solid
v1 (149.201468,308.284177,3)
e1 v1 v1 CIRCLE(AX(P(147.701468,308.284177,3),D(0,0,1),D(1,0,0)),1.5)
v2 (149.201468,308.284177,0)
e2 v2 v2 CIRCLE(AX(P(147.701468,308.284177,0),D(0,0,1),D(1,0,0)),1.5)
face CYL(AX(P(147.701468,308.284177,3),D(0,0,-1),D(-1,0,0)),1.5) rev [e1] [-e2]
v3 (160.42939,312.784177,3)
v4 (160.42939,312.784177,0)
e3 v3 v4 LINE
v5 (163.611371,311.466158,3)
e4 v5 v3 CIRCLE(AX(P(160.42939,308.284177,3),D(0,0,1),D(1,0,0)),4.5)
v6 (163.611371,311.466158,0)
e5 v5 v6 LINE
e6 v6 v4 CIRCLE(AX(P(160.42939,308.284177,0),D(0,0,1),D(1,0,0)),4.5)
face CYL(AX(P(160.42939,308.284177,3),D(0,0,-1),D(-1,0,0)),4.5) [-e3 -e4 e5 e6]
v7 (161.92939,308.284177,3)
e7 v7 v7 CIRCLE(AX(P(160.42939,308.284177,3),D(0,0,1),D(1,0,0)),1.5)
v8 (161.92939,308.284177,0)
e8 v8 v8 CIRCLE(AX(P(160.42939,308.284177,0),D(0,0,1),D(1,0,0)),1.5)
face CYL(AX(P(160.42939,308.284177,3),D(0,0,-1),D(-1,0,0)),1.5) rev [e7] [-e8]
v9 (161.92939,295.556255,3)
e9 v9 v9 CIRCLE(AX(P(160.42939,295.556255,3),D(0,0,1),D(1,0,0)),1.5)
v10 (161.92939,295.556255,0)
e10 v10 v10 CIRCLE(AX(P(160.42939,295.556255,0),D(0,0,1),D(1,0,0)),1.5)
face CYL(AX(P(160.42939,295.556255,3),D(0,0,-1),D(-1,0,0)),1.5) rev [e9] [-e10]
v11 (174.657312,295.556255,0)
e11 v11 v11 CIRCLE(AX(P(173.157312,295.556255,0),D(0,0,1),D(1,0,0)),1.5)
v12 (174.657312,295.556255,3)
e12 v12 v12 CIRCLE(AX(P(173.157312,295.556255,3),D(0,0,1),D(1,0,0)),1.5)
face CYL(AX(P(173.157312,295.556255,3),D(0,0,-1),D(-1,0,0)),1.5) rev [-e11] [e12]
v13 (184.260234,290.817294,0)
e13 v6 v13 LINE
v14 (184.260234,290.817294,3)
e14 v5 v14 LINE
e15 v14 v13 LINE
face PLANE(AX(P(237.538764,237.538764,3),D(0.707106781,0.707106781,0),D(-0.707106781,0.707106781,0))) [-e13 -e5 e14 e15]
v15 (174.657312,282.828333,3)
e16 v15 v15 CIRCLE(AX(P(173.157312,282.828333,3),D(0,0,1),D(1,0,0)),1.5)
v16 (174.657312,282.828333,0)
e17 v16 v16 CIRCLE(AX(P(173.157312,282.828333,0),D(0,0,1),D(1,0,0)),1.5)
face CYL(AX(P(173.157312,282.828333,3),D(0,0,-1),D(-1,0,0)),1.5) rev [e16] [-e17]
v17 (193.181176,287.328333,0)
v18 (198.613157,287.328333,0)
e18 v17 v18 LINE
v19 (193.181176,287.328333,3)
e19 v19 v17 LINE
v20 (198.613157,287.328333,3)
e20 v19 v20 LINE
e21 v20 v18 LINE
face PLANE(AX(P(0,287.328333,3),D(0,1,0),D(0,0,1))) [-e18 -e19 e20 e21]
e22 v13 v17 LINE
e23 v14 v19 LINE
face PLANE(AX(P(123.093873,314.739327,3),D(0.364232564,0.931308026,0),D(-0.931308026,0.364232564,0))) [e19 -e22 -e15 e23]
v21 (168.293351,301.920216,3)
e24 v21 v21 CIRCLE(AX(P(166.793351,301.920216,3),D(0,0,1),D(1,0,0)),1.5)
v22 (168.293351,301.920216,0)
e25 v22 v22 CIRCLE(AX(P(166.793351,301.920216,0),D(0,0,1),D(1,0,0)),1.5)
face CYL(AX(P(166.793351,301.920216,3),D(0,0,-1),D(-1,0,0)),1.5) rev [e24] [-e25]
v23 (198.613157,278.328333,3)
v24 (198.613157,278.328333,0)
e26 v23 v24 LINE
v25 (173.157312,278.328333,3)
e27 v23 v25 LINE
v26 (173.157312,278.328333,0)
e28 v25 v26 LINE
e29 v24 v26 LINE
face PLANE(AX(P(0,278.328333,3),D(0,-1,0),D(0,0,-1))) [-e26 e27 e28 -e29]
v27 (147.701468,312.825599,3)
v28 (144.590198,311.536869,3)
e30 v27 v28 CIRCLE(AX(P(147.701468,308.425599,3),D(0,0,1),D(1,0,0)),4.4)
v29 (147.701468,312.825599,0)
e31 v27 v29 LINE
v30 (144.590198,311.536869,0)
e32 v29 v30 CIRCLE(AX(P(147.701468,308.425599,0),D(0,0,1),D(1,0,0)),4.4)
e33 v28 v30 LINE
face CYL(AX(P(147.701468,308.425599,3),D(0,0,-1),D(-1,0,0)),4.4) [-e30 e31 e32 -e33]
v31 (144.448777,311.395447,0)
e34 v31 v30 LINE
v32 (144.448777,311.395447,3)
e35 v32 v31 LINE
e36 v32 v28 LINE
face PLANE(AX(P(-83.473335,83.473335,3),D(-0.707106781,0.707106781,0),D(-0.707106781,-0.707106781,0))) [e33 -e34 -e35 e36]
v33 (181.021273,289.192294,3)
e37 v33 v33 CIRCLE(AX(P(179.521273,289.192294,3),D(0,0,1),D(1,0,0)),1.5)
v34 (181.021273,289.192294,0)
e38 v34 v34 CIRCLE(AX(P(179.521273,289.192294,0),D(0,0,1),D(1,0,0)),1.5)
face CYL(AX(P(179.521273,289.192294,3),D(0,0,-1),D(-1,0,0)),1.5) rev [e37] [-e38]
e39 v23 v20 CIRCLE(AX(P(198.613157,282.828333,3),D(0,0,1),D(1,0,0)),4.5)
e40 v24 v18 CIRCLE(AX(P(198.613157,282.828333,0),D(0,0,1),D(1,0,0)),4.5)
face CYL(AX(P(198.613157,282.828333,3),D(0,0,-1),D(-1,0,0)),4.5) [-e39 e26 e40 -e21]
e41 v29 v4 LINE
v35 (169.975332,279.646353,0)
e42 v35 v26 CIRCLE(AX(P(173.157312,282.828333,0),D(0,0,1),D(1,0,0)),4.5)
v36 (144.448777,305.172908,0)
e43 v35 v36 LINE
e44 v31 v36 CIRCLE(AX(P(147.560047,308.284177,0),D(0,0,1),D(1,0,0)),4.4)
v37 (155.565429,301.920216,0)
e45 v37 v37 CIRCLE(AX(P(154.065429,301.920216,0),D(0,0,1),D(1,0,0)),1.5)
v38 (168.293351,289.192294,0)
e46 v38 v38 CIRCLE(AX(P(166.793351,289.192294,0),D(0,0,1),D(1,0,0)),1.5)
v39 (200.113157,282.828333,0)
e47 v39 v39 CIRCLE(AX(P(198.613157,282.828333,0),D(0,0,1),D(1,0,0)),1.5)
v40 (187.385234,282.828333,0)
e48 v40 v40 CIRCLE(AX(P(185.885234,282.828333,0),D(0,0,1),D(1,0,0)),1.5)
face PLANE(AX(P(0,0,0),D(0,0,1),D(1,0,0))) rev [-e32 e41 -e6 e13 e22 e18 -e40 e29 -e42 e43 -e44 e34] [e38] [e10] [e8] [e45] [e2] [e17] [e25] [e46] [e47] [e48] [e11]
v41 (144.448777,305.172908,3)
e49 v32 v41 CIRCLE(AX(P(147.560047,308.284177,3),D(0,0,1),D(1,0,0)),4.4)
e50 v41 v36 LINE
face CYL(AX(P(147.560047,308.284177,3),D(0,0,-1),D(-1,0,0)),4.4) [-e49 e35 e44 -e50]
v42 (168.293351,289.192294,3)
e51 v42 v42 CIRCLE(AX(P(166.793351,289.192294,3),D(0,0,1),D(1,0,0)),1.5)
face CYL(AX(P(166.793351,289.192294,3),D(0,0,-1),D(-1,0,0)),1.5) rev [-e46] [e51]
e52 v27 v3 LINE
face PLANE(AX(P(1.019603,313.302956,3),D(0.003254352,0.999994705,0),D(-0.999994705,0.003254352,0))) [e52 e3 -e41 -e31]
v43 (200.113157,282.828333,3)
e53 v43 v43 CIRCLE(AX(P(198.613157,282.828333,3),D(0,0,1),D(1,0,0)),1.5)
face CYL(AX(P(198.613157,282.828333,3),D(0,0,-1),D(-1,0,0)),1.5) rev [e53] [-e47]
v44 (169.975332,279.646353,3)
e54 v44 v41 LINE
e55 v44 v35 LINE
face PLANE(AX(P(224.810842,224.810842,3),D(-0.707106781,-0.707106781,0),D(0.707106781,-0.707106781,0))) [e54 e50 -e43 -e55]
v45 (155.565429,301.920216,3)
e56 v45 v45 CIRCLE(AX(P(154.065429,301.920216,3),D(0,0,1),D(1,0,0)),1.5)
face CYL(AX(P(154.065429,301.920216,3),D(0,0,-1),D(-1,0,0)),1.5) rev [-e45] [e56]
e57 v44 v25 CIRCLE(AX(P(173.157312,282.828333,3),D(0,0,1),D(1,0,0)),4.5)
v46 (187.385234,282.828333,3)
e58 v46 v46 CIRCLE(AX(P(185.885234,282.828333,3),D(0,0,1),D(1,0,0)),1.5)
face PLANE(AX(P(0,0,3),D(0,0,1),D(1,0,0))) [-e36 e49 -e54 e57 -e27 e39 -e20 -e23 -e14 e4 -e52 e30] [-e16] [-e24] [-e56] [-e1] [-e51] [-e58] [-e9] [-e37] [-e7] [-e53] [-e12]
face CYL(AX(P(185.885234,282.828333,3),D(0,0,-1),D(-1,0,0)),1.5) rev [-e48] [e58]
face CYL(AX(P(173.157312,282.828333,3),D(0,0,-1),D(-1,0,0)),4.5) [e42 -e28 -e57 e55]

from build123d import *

# Parameters (mm, degrees)
MODEL_R                 = 1.5
SALIENTE_EXTRUIR1_DEPTH = 3


with BuildPart() as part:
    # Model → Saliente-Extruir1 (new body)
    with BuildSketch(Plane.XY):
        with BuildLine():
            Line((198.613156537, 287.328333228), (193.181176022, 287.328333228))
            Line((193.181176022, 287.328333228), (184.260234476, 290.817294259))
            Line((184.260234476, 290.817294259), (163.611370869, 311.466157866))
            ThreePointArc((163.611370869, 311.466157866), (162.151465799, 312.441635247), (160.429390353, 312.784177351))
            Line((160.429390353, 312.784177351), (147.730106437, 312.825505508))
            Line((147.730106437, 312.825505508), (147.701468292, 312.825598707))
            ThreePointArc((147.701468292, 312.825598707), (146.01766119, 312.49066865), (144.590198455, 311.536868544))
            Line((144.590198455, 311.536868544), (144.448777098, 311.395447188))
            ThreePointArc((144.448777098, 311.395447188), (143.160046936, 308.284177351), (144.448777098, 305.172907513))
            Line((144.448777098, 305.172907513), (169.975331899, 279.646352713))
            ThreePointArc((169.975331899, 279.646352713), (171.435236969, 278.670875332), (173.157312415, 278.328333228))
            Line((173.157312415, 278.328333228), (198.613156537, 278.328333228))
            ThreePointArc((198.613156537, 278.328333228), (203.113156537, 282.828333228), (198.613156537, 287.328333228))
        make_face()
        with Locations((166.793351384, 289.192294259)):
            Circle(MODEL_R, mode=Mode.SUBTRACT)
        with Locations((160.429390353, 295.556255289)):
            Circle(MODEL_R, mode=Mode.SUBTRACT)
        with Locations((173.157312415, 282.828333228)):
            Circle(MODEL_R, mode=Mode.SUBTRACT)
        with Locations((185.885234476, 282.828333228)):
            Circle(MODEL_R, mode=Mode.SUBTRACT)
        with Locations((198.613156537, 282.828333228)):
            Circle(MODEL_R, mode=Mode.SUBTRACT)
        with Locations((179.521273445, 289.192294259)):
            Circle(MODEL_R, mode=Mode.SUBTRACT)
        with Locations((173.157312415, 295.556255289)):
            Circle(MODEL_R, mode=Mode.SUBTRACT)
        with Locations((154.065429323, 301.92021632)):
            Circle(MODEL_R, mode=Mode.SUBTRACT)
        with Locations((166.793351384, 301.92021632)):
            Circle(MODEL_R, mode=Mode.SUBTRACT)
        with Locations((147.701468292, 308.284177351)):
            Circle(MODEL_R, mode=Mode.SUBTRACT)
        with Locations((160.429390353, 308.284177351)):
            Circle(MODEL_R, mode=Mode.SUBTRACT)
    extrude(amount=SALIENTE_EXTRUIR1_DEPTH)


solid = part.part
